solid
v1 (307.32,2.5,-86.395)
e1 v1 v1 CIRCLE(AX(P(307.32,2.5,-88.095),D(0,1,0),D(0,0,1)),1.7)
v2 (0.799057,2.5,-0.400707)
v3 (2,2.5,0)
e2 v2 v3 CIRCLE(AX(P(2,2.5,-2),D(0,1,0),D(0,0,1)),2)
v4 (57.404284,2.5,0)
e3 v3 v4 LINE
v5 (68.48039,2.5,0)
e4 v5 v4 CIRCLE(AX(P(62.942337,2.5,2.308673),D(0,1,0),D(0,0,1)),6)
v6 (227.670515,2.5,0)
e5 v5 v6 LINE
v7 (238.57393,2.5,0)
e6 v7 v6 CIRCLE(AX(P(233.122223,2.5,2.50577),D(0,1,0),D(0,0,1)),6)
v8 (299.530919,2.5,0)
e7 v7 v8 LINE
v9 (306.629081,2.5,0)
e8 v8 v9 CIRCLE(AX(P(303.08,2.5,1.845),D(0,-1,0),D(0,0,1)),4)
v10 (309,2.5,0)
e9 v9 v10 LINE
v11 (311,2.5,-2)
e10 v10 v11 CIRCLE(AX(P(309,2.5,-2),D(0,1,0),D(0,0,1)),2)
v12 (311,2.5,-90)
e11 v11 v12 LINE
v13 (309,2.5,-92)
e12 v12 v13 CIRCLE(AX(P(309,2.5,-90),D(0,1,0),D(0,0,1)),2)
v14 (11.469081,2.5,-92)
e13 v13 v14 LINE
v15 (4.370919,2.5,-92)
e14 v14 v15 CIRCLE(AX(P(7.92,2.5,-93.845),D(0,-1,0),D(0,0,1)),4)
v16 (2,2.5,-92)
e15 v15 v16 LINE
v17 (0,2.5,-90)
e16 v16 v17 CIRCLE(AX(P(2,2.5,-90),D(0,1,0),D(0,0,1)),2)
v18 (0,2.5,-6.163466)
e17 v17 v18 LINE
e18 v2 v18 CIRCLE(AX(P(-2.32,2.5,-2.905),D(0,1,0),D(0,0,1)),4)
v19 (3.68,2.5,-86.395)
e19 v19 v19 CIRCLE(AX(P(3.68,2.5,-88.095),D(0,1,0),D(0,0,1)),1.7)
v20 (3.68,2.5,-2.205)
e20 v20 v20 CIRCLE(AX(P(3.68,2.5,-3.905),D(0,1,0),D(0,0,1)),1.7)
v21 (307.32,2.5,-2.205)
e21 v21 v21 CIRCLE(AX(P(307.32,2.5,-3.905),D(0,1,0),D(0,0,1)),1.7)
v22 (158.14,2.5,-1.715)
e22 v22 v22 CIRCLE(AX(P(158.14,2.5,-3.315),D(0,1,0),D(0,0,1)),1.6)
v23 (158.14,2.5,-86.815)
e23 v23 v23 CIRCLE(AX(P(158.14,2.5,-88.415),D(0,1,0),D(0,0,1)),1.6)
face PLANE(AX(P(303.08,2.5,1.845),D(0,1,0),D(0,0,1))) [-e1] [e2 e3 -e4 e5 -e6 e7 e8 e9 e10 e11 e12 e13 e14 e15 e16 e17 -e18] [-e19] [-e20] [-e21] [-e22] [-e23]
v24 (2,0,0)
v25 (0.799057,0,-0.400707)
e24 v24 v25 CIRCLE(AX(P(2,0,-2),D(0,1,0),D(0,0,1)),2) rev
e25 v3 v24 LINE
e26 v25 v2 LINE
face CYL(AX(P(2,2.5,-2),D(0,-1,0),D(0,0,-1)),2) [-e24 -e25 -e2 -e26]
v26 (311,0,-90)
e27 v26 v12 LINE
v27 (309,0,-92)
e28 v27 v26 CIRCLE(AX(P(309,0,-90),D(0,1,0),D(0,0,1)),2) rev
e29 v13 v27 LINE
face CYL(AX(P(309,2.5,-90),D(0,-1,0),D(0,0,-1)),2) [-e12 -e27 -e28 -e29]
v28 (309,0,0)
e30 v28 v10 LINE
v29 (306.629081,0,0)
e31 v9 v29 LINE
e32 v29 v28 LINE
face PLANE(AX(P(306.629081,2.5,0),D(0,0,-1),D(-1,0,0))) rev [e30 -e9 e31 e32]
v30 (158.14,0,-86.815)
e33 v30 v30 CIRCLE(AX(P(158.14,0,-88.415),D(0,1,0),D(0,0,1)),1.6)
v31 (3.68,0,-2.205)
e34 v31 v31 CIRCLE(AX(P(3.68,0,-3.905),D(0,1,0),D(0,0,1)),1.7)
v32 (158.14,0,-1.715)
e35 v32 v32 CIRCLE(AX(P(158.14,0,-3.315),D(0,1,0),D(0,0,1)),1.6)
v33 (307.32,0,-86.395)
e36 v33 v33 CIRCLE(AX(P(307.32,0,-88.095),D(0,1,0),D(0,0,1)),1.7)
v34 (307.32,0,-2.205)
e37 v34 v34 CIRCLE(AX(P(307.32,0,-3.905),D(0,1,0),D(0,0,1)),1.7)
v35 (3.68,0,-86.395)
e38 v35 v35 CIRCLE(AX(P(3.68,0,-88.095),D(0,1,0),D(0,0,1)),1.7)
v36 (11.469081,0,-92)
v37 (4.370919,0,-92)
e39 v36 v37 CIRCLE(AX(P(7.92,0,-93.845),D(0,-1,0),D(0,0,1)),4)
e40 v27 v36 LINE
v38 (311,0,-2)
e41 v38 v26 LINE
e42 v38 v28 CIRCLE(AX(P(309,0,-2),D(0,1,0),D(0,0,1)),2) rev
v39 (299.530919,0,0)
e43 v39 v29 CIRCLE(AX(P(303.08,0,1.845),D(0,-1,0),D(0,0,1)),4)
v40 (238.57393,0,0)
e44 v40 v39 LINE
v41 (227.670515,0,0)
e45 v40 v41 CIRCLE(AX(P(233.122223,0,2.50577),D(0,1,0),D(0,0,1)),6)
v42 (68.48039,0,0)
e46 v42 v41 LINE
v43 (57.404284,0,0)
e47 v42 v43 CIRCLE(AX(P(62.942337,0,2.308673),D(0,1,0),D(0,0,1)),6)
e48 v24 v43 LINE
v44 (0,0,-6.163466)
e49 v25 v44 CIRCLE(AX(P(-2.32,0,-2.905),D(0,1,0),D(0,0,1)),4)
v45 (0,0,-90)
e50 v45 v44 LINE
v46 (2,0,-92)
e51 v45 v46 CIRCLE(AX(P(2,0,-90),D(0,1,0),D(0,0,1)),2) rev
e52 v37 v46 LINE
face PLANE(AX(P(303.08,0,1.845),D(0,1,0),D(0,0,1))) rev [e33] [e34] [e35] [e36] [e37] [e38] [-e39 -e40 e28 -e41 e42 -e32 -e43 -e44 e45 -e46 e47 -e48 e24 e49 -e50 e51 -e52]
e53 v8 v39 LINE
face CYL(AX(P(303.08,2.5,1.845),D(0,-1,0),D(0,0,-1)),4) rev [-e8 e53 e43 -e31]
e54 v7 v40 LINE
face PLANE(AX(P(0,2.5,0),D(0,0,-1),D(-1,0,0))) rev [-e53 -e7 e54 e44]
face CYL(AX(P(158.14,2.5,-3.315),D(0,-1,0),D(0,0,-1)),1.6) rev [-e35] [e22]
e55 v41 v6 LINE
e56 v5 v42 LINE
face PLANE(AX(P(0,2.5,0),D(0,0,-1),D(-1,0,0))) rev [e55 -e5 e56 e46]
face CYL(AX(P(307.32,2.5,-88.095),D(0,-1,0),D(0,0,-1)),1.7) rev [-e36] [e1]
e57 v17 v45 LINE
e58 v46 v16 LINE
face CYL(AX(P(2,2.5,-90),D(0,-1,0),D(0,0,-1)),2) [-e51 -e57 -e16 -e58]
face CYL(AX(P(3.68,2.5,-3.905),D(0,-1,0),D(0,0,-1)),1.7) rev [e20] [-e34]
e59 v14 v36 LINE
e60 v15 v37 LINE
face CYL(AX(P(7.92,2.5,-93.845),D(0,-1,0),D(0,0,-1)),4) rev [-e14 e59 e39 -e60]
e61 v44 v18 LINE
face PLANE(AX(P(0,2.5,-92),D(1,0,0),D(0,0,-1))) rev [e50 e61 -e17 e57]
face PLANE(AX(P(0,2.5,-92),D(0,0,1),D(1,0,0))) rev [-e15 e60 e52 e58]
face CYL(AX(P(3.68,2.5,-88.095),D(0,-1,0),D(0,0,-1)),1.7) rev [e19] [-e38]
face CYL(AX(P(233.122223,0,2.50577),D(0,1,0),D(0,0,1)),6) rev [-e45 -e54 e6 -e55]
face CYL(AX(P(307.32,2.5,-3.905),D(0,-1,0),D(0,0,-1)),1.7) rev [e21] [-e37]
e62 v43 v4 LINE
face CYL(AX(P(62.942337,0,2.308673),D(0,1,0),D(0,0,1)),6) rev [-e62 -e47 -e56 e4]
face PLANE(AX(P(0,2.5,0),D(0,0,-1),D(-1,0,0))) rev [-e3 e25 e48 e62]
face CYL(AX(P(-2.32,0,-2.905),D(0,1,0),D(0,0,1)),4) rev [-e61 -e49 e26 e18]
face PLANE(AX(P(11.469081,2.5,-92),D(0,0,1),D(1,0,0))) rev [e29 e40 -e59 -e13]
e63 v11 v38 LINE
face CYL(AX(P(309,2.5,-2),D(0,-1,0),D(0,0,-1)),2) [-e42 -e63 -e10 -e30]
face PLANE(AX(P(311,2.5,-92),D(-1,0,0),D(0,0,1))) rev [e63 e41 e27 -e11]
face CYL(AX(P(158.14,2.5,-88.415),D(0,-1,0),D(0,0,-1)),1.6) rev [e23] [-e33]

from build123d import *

# Parameters (mm, degrees)
SKETCH_1_R          = 1.7
SKETCH_1_R_2        = 1.6
EXTRUDE_1_DEPTH     = 2.5
FILLET_1_R          = 2
SKETCH_2_R          = 4
CUT_EXTRUDE_1_DEPTH = 325.332005821
SKETCH_3_R          = 6
CUT_EXTRUDE_2_DEPTH = 325.332005821


with BuildPart() as part:
    # 草图1 → 凸台-拉伸1 (new body)
    with BuildSketch(Plane(origin=(0, 0, 0), x_dir=(1, 0, 0), z_dir=(0, 1, 0))):
        with BuildLine():
            Line((0, 92), (4.370919133, 92))
            ThreePointArc((4.370919133, 92), (7.92, 89.845), (11.469080867, 92))
            Line((11.469080867, 92), (311, 92))
            Line((311, 92), (311, 0))
            Line((311, 0), (306.629080867, 0))
            ThreePointArc((306.629080867, 0), (303.08, 2.155), (299.530919133, 0))
            Line((299.530919133, 0), (0, 0))
            Line((0, 0), (0, 92))
        make_face()
        with Locations((3.68, 88.095)):
            Circle(SKETCH_1_R, mode=Mode.SUBTRACT)
        with Locations((307.32, 88.095)):
            Circle(SKETCH_1_R, mode=Mode.SUBTRACT)
        with Locations((307.32, 3.905)):
            Circle(SKETCH_1_R, mode=Mode.SUBTRACT)
        with Locations((3.68, 3.905)):
            Circle(SKETCH_1_R, mode=Mode.SUBTRACT)
        with Locations((158.14, 88.415)):
            Circle(SKETCH_1_R_2, mode=Mode.SUBTRACT)
        with Locations((158.14, 3.315)):
            Circle(SKETCH_1_R_2, mode=Mode.SUBTRACT)
    extrude(amount=EXTRUDE_1_DEPTH)

    # 圆角1
    fillet_1_edges = [part.edges().sort_by_distance(p)[0] for p in [
        (311, 1.25, -92),
        (0, 1.25, 0),
        (0, 1.25, -92),
        (311, 1.25, 0),
    ]]
    fillet(fillet_1_edges, radius=FILLET_1_R)

    # 草图2 → 切除-拉伸1 (cut, through all)
    with BuildSketch(Plane(origin=(0, 2.5, 0), x_dir=(1, 0, 0), z_dir=(0, 1, 0))):
        with Locations((-2.32, 2.905)):
            Circle(SKETCH_2_R)
    extrude(amount=-CUT_EXTRUDE_1_DEPTH, mode=Mode.SUBTRACT)

    # 草图3 → 切除-拉伸2 (cut, through all)
    with BuildSketch(Plane(origin=(0, 2.5, 0), x_dir=(1, 0, 0), z_dir=(0, 1, 0))):
        with Locations((233.122222663, -2.505770404)):
            Circle(SKETCH_3_R)
        with Locations((62.9423368, -2.308672799)):
            Circle(SKETCH_3_R)
    extrude(amount=-CUT_EXTRUDE_2_DEPTH, mode=Mode.SUBTRACT)


solid = part.part
